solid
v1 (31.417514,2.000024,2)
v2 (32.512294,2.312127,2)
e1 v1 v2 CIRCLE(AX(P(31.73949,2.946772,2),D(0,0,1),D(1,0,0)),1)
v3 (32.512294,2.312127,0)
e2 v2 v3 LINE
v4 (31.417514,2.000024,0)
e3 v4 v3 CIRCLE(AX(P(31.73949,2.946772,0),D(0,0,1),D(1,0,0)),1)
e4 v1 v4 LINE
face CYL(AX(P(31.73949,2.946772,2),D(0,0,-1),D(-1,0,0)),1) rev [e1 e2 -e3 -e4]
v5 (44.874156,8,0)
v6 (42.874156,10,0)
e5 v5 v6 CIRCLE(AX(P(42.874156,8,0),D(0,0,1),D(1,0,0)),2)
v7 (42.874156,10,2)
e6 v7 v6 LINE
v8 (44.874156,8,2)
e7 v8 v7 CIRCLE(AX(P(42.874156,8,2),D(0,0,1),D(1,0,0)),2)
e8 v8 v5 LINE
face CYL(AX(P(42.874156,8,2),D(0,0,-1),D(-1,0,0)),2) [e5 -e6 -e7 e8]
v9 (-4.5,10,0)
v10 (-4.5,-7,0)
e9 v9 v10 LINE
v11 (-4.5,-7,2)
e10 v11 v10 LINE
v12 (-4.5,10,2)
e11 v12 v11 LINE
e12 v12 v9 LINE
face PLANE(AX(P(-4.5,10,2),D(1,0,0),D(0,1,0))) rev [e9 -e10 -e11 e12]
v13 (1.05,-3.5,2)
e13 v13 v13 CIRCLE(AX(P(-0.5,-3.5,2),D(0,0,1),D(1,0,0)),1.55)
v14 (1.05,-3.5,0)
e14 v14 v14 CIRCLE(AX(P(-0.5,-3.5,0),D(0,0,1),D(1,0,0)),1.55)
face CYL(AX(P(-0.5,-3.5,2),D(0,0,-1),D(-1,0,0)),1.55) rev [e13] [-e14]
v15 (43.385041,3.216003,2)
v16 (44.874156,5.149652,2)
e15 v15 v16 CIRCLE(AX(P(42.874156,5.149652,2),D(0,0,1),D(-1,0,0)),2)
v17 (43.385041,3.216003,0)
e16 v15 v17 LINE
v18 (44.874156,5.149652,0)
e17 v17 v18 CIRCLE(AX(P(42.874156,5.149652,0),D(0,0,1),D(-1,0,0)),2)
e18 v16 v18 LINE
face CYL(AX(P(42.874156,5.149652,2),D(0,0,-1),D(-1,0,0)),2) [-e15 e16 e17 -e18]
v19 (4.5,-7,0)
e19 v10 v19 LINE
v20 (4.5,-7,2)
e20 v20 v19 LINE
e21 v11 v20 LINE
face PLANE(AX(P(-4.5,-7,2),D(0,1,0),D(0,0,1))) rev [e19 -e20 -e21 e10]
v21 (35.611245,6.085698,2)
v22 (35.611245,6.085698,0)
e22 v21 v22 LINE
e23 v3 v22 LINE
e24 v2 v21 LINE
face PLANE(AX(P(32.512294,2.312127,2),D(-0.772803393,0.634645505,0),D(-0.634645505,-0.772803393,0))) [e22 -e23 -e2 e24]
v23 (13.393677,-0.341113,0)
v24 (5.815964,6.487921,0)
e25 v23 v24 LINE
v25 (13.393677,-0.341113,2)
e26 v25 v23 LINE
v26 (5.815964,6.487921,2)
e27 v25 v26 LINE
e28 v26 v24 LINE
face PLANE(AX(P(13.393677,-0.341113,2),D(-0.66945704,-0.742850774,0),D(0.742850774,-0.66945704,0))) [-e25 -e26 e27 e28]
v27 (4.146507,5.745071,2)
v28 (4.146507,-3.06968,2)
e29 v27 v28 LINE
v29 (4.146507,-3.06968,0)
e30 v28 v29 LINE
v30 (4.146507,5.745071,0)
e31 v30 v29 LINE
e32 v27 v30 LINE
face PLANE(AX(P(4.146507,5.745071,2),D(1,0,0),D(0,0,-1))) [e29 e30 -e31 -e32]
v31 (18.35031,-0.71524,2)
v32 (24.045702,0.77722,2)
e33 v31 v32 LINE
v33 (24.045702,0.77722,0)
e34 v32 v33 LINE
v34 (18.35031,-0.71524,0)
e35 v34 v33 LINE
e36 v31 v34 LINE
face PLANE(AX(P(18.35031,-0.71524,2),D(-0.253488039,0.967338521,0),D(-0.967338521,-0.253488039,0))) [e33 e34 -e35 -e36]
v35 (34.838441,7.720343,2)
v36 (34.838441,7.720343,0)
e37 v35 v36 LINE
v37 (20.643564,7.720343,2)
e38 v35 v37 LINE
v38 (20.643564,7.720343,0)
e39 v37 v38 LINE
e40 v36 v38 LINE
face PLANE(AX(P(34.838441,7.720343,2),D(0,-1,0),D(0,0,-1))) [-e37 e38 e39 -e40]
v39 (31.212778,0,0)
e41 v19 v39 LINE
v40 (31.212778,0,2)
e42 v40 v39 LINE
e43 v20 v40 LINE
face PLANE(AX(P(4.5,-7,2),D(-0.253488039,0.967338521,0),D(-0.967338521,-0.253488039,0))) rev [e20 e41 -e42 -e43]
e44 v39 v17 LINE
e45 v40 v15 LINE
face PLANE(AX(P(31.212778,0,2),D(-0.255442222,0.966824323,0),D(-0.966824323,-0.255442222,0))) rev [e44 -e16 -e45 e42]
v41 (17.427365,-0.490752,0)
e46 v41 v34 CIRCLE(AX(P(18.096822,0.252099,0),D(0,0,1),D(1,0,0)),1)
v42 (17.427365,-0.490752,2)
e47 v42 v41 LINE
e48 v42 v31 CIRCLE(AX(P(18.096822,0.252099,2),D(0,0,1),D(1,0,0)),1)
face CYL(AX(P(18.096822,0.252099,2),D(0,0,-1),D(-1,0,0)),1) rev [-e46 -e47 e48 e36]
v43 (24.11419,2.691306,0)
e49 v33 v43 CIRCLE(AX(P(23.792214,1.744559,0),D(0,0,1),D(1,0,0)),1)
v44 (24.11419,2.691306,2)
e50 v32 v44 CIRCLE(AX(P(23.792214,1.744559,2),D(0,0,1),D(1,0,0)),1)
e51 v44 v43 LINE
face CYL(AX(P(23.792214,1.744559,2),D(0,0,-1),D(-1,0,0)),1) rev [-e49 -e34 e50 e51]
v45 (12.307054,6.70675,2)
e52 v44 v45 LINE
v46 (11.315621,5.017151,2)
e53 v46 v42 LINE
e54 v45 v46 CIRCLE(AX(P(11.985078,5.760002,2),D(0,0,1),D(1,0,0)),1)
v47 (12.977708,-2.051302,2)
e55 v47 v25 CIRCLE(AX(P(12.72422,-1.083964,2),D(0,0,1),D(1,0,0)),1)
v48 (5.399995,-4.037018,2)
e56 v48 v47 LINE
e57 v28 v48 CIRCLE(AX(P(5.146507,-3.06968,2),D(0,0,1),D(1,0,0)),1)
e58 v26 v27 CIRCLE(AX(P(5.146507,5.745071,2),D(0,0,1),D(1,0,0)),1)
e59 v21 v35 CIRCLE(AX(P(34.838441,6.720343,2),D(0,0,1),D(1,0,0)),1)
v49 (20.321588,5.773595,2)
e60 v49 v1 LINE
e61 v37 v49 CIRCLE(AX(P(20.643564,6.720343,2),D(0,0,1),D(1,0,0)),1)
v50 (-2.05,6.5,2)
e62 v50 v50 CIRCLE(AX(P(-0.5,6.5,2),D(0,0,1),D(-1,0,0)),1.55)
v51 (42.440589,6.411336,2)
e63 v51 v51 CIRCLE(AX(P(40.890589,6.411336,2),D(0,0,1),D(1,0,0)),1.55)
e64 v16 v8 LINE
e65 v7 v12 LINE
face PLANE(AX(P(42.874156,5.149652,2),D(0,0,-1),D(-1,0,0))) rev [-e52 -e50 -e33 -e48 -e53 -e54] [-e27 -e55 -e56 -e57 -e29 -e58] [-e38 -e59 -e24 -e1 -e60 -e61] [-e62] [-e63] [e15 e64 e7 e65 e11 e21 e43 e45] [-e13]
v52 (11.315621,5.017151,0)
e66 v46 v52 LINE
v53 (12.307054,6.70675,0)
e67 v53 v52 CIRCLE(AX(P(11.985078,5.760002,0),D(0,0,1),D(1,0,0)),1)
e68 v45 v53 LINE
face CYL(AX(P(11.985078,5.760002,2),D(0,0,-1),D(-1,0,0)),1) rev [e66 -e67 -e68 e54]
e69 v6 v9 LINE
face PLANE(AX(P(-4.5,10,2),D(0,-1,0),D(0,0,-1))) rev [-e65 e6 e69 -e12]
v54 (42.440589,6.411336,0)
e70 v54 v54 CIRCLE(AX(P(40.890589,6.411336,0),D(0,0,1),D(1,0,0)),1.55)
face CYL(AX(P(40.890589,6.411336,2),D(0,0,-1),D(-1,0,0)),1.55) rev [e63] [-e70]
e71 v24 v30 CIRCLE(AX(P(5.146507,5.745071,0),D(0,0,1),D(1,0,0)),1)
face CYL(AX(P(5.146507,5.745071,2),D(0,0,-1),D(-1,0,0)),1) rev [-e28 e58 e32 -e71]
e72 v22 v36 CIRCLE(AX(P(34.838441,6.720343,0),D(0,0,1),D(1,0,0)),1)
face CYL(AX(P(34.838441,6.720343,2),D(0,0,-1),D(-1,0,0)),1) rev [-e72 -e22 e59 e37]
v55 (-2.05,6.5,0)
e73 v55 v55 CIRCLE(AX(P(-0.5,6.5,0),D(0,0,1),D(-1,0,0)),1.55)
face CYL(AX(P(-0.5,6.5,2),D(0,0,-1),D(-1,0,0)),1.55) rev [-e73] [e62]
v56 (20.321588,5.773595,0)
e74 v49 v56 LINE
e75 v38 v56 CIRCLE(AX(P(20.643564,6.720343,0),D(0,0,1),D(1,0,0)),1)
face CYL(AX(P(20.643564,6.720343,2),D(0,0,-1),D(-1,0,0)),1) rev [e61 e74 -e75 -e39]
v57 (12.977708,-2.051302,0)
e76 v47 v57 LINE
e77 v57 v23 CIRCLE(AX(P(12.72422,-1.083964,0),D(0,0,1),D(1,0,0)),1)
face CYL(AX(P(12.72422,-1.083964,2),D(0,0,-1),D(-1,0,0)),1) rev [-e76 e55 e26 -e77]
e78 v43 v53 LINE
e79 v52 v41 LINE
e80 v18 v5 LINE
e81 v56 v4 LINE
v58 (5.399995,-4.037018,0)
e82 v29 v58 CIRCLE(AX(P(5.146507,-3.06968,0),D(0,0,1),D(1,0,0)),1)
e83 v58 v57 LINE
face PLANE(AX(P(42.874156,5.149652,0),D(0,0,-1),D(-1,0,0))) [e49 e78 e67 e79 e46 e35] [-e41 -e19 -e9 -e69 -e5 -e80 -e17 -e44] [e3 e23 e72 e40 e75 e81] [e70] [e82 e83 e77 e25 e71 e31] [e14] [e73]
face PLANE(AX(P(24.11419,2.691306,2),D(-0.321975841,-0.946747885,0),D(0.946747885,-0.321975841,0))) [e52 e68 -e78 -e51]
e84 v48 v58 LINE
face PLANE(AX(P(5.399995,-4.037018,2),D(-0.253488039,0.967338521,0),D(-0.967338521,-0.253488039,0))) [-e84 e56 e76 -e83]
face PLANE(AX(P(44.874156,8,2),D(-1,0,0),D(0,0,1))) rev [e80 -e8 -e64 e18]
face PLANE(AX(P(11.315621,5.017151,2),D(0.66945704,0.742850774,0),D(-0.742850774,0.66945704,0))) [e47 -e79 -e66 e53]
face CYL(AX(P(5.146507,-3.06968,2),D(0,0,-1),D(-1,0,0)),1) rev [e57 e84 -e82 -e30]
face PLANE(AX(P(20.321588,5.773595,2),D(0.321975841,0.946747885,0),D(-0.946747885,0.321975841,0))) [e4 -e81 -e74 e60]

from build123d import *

# Parameters (mm, degrees)
SKETCH_1_R      = 1.55
EXTRUDE_1_DEPTH = 2


with BuildPart() as part:
    # 草图1 → 凸台-拉伸1 (new body)
    with BuildSketch(Plane.XY):
        with BuildLine():
            Line((-4.5, 10), (4.5, 10))
            Line((4.5, 10), (42.874156462, 10))
            ThreePointArc((42.874156462, 10), (44.288370024, 9.414213562), (44.874156462, 8))
            Line((44.874156462, 8), (44.874156462, 5.149651674))
            ThreePointArc((44.874156462, 5.149651674), (44.458733517, 3.929358448), (43.385040906, 3.216003028))
            Line((43.385040906, 3.216003028), (31.212777732, 0))
            Line((31.212777732, 0), (4.5, -7))
            Line((4.5, -7), (-4.5, -7))
            Line((-4.5, -7), (-4.5, 10))
        make_face()
        with Locations((-0.5, 6.5)):
            Circle(SKETCH_1_R, mode=Mode.SUBTRACT)
        with Locations((40.890589187, 6.411336053)):
            Circle(SKETCH_1_R, mode=Mode.SUBTRACT)
        with Locations((-0.5, -3.5)):
            Circle(SKETCH_1_R, mode=Mode.SUBTRACT)
        with BuildLine():
            Line((4.146506743, 5.745070559), (4.146506743, -3.06967977))
            ThreePointArc((4.146506743, -3.06967977), (4.535559953, -3.861351432), (5.399994782, -4.037018291))
            Line((5.399994782, -4.037018291), (12.9777079, -2.051302228))
            ThreePointArc((12.9777079, -2.051302228), (13.695890464, -1.320302954), (13.3936769, -0.341112934))
            Line((13.3936769, -0.341112934), (5.815963783, 6.487921333))
            ThreePointArc((5.815963783, 6.487921333), (4.739970791, 6.658705344), (4.146506743, 5.745070559))
        make_face(mode=Mode.SUBTRACT)
        with BuildLine():
            Line((11.315621432, 5.017151032), (17.427365311, -0.490751911))
            ThreePointArc((17.427365311, -0.490751911), (17.860483104, -0.71957174), (18.35031039, -0.715239658))
            Line((18.35031039, -0.715239658), (24.045702218, 0.777219988))
            ThreePointArc((24.045702218, 0.777219988), (24.791574656, 1.708800456), (24.11419002, 2.691306394))
            Line((24.11419002, 2.691306394), (12.307054312, 6.706749691))
            ThreePointArc((12.307054312, 6.706749691), (11.122598499, 6.266093001), (11.315621432, 5.017151032))
        make_face(mode=Mode.SUBTRACT)
        with BuildLine():
            Line((20.321587877, 5.773595304), (31.417514437, 2.000024386))
            ThreePointArc((31.417514437, 2.000024386), (32.013649619, 1.98508799), (32.512293671, 2.312126767))
            Line((32.512293671, 2.312126767), (35.611244636, 6.085697684))
            ThreePointArc((35.611244636, 6.085697684), (35.742500286, 7.147750779), (34.838441243, 7.720343189))
            Line((34.838441243, 7.720343189), (20.643563718, 7.720343189))
            ThreePointArc((20.643563718, 7.720343189), (19.656966565, 6.883518118), (20.321587877, 5.773595304))
        make_face(mode=Mode.SUBTRACT)
    extrude(amount=EXTRUDE_1_DEPTH)


solid = part.part
